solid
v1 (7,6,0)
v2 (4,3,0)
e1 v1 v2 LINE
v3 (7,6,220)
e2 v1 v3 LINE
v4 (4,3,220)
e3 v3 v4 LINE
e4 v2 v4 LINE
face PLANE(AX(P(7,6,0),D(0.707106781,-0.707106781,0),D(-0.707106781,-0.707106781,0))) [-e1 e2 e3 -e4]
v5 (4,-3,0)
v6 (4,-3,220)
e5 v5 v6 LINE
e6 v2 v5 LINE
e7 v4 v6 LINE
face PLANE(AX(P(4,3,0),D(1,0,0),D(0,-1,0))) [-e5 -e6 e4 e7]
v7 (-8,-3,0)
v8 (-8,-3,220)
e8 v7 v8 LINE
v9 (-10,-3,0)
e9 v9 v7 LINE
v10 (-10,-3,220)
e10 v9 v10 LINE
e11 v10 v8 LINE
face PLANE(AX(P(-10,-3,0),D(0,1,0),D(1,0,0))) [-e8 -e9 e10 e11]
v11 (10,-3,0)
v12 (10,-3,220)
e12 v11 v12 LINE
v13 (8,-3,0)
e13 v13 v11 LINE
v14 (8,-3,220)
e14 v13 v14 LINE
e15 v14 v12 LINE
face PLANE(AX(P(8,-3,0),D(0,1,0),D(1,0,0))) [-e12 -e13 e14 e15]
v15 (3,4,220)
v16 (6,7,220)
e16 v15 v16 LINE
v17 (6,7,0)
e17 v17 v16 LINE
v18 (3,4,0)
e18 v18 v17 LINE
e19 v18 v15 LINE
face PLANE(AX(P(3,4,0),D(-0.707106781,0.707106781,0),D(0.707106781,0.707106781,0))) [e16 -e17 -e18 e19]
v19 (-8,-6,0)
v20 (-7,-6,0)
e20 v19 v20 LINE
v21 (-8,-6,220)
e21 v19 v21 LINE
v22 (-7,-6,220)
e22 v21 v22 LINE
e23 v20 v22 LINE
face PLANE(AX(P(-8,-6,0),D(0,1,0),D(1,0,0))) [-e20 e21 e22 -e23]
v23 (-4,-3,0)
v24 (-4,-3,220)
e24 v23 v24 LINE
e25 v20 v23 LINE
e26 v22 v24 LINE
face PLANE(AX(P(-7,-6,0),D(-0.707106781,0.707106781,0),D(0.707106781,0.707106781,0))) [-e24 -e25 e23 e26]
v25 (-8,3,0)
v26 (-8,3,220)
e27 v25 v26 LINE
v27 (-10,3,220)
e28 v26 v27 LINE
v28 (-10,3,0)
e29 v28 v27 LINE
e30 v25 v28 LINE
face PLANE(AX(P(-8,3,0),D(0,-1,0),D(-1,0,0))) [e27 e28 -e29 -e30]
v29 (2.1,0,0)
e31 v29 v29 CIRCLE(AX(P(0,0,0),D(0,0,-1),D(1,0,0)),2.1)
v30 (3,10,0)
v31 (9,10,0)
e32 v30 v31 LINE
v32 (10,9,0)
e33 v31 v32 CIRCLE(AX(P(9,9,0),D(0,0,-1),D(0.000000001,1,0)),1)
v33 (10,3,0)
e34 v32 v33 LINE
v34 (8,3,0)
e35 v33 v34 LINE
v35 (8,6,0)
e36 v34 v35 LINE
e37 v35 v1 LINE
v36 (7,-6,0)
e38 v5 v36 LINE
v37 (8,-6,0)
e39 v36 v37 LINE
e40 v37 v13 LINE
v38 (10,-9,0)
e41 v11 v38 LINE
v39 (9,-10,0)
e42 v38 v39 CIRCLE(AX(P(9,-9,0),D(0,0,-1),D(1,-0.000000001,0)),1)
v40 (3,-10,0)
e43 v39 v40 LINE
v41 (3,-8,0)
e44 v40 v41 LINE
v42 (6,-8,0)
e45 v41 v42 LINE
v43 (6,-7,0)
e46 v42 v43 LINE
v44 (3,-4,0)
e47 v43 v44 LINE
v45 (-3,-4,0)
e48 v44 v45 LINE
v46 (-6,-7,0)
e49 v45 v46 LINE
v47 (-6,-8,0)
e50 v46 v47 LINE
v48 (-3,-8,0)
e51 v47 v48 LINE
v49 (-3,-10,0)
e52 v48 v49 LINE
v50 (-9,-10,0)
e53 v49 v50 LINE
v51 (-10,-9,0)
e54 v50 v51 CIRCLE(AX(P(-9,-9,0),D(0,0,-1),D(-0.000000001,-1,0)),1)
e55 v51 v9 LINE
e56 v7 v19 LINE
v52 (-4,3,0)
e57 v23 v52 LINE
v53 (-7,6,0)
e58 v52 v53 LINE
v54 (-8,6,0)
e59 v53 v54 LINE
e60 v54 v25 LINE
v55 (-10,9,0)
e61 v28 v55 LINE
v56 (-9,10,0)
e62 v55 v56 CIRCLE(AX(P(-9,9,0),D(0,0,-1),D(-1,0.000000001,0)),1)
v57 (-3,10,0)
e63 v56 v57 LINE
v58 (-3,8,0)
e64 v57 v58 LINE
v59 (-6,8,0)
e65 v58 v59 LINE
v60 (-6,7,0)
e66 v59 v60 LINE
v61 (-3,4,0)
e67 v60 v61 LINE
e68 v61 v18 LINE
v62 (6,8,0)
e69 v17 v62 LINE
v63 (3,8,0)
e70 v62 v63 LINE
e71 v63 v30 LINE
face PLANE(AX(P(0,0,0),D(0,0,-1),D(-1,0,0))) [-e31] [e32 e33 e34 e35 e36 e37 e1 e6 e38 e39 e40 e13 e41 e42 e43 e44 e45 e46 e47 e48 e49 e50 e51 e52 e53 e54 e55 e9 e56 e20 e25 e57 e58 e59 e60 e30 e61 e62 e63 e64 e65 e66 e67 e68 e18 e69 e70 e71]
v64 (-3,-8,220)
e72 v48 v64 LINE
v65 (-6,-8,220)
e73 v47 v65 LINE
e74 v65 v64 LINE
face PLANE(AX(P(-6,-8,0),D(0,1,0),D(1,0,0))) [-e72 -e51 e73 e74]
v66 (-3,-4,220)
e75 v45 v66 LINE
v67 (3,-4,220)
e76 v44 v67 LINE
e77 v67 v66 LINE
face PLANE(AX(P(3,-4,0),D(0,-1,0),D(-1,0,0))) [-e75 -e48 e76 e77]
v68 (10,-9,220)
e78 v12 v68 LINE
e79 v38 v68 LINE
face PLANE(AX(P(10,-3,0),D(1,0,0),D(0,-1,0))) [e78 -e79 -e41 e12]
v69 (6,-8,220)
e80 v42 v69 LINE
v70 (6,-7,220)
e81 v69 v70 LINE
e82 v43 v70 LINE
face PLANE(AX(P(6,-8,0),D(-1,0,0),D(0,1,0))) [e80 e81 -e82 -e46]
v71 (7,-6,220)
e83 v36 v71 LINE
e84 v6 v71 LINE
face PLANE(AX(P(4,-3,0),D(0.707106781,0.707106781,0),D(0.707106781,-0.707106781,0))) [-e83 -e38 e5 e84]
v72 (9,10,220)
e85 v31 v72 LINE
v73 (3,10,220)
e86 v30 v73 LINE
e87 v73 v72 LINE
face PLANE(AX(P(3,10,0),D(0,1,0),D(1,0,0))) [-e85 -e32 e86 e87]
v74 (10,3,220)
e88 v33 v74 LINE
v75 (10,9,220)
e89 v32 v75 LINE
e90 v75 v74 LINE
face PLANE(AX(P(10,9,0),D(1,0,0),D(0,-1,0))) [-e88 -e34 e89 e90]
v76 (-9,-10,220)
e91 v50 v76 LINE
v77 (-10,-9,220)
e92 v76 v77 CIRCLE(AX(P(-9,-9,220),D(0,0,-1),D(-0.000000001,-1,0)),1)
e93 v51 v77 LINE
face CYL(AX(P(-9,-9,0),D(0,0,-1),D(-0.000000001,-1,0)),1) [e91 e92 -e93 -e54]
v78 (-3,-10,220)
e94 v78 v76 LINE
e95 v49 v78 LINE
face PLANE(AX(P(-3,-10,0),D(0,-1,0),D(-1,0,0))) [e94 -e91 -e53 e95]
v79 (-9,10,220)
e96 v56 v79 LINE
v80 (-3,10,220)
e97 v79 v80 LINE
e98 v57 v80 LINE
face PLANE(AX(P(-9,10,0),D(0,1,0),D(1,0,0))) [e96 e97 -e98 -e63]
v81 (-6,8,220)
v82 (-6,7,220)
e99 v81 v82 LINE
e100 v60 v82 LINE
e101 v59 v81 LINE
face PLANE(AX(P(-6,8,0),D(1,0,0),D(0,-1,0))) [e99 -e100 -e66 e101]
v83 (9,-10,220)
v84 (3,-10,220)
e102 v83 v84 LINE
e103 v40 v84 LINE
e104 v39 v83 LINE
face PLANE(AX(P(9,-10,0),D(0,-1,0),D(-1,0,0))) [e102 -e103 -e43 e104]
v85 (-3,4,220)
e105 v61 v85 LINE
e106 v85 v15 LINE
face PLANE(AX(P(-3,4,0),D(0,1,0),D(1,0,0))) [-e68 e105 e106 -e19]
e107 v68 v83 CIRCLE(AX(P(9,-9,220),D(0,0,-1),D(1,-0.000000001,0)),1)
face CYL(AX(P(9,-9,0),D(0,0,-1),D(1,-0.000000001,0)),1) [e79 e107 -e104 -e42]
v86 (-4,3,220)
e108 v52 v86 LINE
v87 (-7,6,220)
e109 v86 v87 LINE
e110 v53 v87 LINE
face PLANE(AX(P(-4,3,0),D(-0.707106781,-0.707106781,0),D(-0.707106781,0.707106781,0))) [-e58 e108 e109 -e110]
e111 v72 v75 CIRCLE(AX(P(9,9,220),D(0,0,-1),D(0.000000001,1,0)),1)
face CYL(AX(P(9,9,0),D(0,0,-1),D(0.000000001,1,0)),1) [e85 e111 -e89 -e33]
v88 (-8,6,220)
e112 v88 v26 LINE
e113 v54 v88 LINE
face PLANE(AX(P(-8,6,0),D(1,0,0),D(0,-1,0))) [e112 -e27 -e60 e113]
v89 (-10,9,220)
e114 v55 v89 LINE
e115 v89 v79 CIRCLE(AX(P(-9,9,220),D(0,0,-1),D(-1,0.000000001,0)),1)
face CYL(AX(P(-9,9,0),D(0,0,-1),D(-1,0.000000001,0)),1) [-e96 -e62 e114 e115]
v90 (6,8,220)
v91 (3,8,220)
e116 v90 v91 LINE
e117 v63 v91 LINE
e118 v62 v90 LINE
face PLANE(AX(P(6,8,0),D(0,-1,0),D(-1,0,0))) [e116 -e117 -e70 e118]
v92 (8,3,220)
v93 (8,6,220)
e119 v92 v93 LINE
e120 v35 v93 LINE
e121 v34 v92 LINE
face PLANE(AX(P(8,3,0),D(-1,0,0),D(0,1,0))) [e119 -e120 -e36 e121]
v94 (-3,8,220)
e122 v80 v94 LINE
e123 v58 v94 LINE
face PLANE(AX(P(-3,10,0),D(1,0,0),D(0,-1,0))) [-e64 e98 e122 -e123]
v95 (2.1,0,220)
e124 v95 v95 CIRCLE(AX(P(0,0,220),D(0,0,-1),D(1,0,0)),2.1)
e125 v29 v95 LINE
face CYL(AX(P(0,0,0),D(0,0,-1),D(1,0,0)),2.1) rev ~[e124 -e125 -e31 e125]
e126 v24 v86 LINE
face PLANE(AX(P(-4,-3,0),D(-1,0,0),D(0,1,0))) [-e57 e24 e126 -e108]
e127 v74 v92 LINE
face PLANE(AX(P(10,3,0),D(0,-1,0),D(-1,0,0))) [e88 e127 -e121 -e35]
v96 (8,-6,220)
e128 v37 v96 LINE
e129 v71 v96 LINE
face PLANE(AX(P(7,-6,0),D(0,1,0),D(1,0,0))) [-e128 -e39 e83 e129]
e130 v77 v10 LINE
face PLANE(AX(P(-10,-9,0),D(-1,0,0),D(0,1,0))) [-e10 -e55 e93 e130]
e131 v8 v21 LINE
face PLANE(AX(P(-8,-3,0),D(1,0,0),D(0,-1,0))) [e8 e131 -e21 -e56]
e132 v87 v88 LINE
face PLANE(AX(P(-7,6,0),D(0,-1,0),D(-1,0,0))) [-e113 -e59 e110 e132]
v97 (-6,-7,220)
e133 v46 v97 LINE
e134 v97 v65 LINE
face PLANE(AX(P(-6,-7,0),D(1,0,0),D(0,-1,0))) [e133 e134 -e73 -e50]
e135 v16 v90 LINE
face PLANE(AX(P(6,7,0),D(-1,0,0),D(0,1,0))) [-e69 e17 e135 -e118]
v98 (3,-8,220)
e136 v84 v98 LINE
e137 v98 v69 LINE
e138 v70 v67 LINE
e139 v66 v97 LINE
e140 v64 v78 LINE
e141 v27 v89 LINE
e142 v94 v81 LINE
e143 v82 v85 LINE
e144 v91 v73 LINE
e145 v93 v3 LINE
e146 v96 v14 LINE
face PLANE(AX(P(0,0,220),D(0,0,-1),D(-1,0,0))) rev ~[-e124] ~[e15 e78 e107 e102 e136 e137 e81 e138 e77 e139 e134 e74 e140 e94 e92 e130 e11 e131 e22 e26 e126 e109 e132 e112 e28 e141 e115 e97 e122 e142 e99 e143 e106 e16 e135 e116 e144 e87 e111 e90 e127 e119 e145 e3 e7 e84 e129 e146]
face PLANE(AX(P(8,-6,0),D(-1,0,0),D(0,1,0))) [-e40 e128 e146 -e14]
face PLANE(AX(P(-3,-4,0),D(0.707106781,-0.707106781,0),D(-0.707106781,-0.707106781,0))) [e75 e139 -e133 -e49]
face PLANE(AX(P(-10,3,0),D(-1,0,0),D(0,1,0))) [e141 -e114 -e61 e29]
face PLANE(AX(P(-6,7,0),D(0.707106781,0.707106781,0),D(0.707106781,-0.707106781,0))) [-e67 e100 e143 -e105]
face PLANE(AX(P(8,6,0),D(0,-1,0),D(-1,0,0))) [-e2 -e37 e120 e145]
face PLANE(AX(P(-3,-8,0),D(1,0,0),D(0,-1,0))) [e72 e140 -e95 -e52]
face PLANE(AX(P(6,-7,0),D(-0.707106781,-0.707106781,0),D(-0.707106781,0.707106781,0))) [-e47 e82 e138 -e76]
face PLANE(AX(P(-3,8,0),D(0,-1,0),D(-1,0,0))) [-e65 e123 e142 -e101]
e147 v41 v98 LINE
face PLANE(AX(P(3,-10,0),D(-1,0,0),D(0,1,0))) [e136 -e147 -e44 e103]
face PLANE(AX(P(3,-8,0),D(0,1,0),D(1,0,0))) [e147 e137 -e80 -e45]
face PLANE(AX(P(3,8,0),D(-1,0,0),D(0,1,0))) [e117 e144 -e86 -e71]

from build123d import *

# Parameters (mm, degrees)
SKETCH1_R           = 2.1
BOSS_EXTRUDE1_DEPTH = 220


with BuildPart() as part:
    # Sketch1 → Boss-Extrude1 (new body)
    with BuildSketch(Plane(origin=(0, 0, 0), x_dir=(-1, 0, 0), z_dir=(0, 0, -1))):
        with BuildLine():
            Line((6, -8), (3, -8))
            Line((3, -8), (3, -10))
            Line((3, -10), (9, -10))
            ThreePointArc((9, -10), (9.707106781, -9.707106781), (10, -9))
            Line((10, -9), (10, -3))
            Line((10, -3), (8, -3))
            Line((8, -3), (8, -6))
            Line((8, -6), (7, -6))
            Line((7, -6), (4, -3))
            Line((4, -3), (4, 3))
            Line((4, 3), (7, 6))
            Line((7, 6), (8, 6))
            Line((8, 6), (8, 3))
            Line((8, 3), (10, 3))
            Line((10, 3), (10, 9))
            ThreePointArc((10, 9), (9.707106781, 9.707106781), (9, 10))
            Line((9, 10), (3, 10))
            Line((3, 10), (3, 8))
            Line((3, 8), (6, 8))
            Line((6, 8), (6, 7))
            Line((6, 7), (3, 4))
            Line((3, 4), (-3, 4))
            Line((-3, 4), (-6, 7))
            Line((-6, 7), (-6, 8))
            Line((-6, 8), (-3, 8))
            Line((-3, 8), (-3, 10))
            Line((-3, 10), (-9, 10))
            ThreePointArc((-9, 10), (-9.707106781, 9.707106781), (-10, 9))
            Line((-10, 9), (-10, 3))
            Line((-10, 3), (-8, 3))
            Line((-8, 3), (-8, 6))
            Line((-8, 6), (-7, 6))
            Line((-7, 6), (-4, 3))
            Line((-4, 3), (-4, -3))
            Line((-4, -3), (-7, -6))
            Line((-7, -6), (-8, -6))
            Line((-8, -6), (-8, -3))
            Line((-8, -3), (-10, -3))
            Line((-10, -3), (-10, -9))
            ThreePointArc((-10, -9), (-9.707106781, -9.707106781), (-9, -10))
            Line((-9, -10), (-3, -10))
            Line((-3, -10), (-3, -8))
            Line((-3, -8), (-6, -8))
            Line((-6, -8), (-6, -7))
            Line((-6, -7), (-3, -4))
            Line((-3, -4), (3, -4))
            Line((3, -4), (6, -7))
            Line((6, -7), (6, -8))
        make_face()
        with Locations(Location((0, 0, 0), (0, 0, 180))):
            Circle(SKETCH1_R, mode=Mode.SUBTRACT)
    extrude(amount=-BOSS_EXTRUDE1_DEPTH)


solid = part.part
